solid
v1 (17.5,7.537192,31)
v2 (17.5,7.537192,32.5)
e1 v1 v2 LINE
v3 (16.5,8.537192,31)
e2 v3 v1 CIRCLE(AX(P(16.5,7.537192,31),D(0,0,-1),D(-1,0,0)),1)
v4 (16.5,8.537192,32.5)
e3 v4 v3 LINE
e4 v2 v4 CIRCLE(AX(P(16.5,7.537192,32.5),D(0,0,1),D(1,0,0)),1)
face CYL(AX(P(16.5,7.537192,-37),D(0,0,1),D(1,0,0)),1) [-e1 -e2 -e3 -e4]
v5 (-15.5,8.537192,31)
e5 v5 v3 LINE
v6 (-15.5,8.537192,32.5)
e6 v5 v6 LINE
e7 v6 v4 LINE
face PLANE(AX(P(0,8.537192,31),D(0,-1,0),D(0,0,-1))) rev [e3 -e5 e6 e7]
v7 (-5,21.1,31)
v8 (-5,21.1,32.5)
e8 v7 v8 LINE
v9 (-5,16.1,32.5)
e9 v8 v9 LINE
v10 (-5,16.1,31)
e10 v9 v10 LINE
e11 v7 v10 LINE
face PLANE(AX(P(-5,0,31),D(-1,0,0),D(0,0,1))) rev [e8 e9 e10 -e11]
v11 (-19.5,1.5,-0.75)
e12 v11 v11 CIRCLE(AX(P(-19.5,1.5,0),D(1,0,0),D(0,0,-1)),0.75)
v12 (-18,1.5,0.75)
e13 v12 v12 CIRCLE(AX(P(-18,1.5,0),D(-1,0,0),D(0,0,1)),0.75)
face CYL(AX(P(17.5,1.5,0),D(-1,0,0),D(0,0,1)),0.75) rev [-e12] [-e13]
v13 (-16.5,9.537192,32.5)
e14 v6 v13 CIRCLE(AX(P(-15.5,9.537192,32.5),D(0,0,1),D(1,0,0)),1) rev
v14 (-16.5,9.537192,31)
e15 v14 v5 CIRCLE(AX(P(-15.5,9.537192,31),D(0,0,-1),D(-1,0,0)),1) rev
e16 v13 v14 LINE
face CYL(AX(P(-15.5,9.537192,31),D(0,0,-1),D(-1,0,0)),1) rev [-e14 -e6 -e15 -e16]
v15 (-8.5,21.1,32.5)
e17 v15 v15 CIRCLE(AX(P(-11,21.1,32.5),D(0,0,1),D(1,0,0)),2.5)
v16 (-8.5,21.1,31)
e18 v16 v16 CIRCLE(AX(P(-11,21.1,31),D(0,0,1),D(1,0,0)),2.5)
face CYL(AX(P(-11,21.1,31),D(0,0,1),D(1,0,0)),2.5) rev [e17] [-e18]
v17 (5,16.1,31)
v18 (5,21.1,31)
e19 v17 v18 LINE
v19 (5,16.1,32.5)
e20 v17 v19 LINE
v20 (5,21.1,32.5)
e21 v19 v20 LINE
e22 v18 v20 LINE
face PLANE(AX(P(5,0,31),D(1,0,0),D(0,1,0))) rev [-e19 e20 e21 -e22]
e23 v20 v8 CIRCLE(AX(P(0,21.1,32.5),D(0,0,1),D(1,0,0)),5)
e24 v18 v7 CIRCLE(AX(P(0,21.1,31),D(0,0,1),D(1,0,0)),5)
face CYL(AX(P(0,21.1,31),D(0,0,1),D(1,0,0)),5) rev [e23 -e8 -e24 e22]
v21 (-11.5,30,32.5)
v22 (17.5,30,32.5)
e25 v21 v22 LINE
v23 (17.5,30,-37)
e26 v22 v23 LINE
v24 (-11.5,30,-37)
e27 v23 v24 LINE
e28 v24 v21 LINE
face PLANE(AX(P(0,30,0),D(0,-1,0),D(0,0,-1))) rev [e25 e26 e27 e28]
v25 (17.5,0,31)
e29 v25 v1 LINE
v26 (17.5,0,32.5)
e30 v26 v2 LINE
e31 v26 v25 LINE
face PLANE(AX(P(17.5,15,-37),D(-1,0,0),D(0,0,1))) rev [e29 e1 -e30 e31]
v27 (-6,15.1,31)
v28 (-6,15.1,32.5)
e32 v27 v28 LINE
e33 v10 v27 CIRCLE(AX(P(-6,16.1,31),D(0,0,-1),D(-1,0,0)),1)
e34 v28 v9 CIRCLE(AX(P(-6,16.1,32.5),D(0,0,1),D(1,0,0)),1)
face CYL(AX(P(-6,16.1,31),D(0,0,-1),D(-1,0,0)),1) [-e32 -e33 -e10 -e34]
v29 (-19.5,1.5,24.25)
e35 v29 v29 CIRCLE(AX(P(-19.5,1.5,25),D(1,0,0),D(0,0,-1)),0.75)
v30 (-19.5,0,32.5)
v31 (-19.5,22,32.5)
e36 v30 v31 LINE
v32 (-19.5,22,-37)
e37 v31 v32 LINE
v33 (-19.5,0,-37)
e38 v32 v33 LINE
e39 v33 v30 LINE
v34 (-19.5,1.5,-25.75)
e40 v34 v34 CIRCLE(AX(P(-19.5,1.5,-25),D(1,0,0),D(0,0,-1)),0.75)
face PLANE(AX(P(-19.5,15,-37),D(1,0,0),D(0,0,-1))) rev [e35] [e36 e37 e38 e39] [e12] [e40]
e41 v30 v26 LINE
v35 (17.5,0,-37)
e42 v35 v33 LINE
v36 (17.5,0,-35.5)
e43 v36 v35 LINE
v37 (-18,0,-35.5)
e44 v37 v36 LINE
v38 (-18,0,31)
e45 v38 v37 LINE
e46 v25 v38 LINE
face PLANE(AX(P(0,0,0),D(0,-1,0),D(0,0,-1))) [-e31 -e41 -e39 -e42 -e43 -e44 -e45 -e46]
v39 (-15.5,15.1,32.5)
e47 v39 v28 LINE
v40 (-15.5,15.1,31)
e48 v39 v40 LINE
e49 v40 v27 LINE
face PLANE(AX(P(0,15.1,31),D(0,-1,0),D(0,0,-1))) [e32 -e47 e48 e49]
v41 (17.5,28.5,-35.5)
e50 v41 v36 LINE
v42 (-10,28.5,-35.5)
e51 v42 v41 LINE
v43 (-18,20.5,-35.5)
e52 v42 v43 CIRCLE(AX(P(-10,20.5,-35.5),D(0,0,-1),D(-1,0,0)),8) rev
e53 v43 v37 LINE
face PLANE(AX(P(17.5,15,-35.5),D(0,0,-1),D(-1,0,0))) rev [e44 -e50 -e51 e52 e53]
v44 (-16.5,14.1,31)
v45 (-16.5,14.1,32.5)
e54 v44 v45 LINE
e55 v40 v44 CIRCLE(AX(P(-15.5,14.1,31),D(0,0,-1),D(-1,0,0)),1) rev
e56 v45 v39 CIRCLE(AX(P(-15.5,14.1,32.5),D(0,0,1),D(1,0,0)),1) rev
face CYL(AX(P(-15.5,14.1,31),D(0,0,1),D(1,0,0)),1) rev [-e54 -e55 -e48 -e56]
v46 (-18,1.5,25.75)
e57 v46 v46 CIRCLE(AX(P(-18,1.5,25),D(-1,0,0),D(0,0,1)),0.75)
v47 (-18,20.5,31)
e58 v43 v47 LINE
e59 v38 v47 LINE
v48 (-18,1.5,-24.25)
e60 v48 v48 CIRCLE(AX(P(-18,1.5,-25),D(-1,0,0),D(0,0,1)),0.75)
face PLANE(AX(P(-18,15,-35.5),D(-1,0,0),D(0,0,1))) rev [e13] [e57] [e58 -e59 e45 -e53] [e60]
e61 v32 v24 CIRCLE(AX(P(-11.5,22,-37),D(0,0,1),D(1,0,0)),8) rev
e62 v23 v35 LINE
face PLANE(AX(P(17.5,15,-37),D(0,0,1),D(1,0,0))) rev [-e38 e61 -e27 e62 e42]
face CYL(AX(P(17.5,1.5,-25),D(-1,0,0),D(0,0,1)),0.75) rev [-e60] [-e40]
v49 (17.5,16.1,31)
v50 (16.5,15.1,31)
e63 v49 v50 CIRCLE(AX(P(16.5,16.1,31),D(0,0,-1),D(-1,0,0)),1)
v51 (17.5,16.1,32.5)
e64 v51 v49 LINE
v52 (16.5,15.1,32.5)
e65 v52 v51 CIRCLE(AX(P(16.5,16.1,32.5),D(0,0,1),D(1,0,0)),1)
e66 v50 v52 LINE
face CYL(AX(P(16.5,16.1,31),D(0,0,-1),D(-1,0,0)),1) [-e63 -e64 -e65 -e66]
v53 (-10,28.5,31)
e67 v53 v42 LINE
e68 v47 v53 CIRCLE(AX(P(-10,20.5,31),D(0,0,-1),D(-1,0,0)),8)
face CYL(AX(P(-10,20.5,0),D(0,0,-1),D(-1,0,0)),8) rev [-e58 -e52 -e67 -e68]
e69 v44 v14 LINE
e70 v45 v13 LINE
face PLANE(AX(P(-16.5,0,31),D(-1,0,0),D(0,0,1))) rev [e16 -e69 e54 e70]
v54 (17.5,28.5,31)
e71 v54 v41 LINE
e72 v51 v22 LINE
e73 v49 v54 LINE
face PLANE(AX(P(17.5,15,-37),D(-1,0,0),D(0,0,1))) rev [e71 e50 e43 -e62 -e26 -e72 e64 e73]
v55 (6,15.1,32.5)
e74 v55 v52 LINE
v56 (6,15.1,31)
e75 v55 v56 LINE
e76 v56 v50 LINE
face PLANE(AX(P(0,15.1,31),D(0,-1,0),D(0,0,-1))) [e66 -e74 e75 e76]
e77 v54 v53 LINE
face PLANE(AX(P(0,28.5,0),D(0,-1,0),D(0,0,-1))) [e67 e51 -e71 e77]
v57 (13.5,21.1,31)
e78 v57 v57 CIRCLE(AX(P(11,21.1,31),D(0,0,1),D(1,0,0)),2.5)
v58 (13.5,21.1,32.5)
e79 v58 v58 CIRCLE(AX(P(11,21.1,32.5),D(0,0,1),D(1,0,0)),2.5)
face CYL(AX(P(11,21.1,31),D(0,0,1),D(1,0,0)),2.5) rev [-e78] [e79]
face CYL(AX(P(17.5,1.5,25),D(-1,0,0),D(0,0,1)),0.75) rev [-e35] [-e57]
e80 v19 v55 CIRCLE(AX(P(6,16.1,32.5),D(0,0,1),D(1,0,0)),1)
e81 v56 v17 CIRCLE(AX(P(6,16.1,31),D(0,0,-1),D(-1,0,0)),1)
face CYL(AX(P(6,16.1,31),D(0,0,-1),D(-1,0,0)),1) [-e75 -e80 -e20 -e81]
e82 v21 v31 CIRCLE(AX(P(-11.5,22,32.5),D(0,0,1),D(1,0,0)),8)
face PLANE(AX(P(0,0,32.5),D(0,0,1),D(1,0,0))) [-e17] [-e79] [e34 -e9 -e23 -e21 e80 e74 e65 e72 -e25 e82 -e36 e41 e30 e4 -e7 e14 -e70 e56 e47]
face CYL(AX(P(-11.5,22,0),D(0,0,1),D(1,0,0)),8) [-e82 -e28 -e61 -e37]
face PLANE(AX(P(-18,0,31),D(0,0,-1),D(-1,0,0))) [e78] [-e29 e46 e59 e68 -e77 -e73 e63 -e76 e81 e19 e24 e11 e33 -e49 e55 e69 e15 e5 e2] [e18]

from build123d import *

# Parameters (mm, degrees)
BOSS_EXTRUDE1_DEPTH     = 15
CUT_EXTRUDE1_DEPTH      = 45.432533126
CUT_EXTRUDE1_DEPTH_BACK = 45.432533126
SKETCH3_W               = 35.5
SKETCH3_H               = 1.5
BOSS_EXTRUDE2_DEPTH     = 15
BOSS_EXTRUDE3_DEPTH     = 13.5
SKETCH5_W               = 37
SKETCH5_H               = 69.5
BOSS_EXTRUDE4_DEPTH     = 1.5
FILLET1_R               = 8
SKETCH6_R               = 2.5
CUT_EXTRUDE2_DEPTH      = 1.5
FILLET2_R               = 1
CUT_EXTRUDE3_DEPTH      = 61.3158354
CUT_EXTRUDE3_DEPTH_BACK = 61.3158354
SKETCH7_R               = 0.75


with BuildPart() as part:
    # Sketch1 → Boss-Extrude1 (new body)
    with BuildSketch(Plane(origin=(0, 0, 0), x_dir=(1, 0, 0), z_dir=(0, 1, 0))):
        Polygon((17.5, 35.5), (-18, 35.5), (-18, -35.5), (17.5, -35.5), (17.5, -37), (-19.5, -37), (-19.5, 37), (17.5, 37), align=None)
    extrude(amount=BOSS_EXTRUDE1_DEPTH)

    # Sketch2 → Cut-Extrude1 (cut, two sides: drawn at the far end of the back side and taken through both)
    with BuildSketch(Plane(origin=(0, 15, 0), x_dir=(1, 0, 0), z_dir=(0, 1, 0)).offset(-CUT_EXTRUDE1_DEPTH_BACK)):
        Polygon((17.5, -35.5), (17.5, -37), (28.422753275, -37), (28.422753275, -32.5), (-18, -32.5), (-18, -35.5), align=None)
        Polygon((-19.5, -32.5), (-19.5, -37), (17.5, -37), (17.5, -35.5), (-18, -35.5), (-18, -32.5), align=None)
    extrude(amount=CUT_EXTRUDE1_DEPTH + CUT_EXTRUDE1_DEPTH_BACK, mode=Mode.SUBTRACT)

    # Sketch3 → Boss-Extrude2 (add)
    with BuildSketch(Plane(origin=(0, 15, 0), x_dir=(1, 0, 0), z_dir=(0, 1, 0))):
        with Locations((-0.25, -31.75)):
            Rectangle(SKETCH3_W, SKETCH3_H)
    extrude(amount=-BOSS_EXTRUDE2_DEPTH)

    # Sketch4 → Boss-Extrude3 (add)
    with BuildSketch(Plane(origin=(0, 15, 0), x_dir=(1, 0, 0), z_dir=(0, 1, 0))):
        Polygon((-19.5, -32.5), (17.5, -32.5), (17.5, -31), (-18, -31), (-18, 35.5), (17.5, 35.5), (17.5, 37), (-19.5, 37), align=None)
    extrude(amount=BOSS_EXTRUDE3_DEPTH)

    # Sketch5 → Boss-Extrude4 (add)
    with BuildSketch(Plane(origin=(0, 28.5, 0), x_dir=(1, 0, 0), z_dir=(0, 1, 0))):
        with Locations((-1, 2.25)):
            Rectangle(SKETCH5_W, SKETCH5_H)
    extrude(amount=BOSS_EXTRUDE4_DEPTH)

    # Fillet1
    fillet1_edges = [part.edges().sort_by_distance(p)[0] for p in [
        (-18, 28.5, -2.25),
        (-19.5, 30, -2.25),
    ]]
    fillet(fillet1_edges, radius=FILLET1_R)

    # Sketch6 → Cut-Extrude2 (cut)
    with BuildSketch(Plane.XY.offset(32.5)):
        with BuildLine():
            Line((-5, 15.1), (-16.5, 15.1))
            Line((-16.5, 15.1), (-16.5, 8.53719171))
            Line((-16.5, 8.53719171), (17.5, 8.53719171))
            Line((17.5, 8.53719171), (17.5, 15.1))
            Line((17.5, 15.1), (5, 15.1))
            Line((5, 15.1), (5, 21.1))
            ThreePointArc((5, 21.1), (0, 26.1), (-5, 21.1))
            Line((-5, 21.1), (-5, 15.1))
        make_face()
        with Locations((-11, 21.1)):
            Circle(SKETCH6_R)
        with Locations((11, 21.1)):
            Circle(SKETCH6_R)
    extrude(amount=-CUT_EXTRUDE2_DEPTH, mode=Mode.SUBTRACT)

    # Fillet2
    fillet2_edges = [part.edges().sort_by_distance(p)[0] for p in [
        (5, 15.1, 31.75),
        (17.5, 15.1, 31.75),
        (17.5, 8.53719171, 31.75),
        (-16.5, 8.53719171, 31.75),
        (-16.5, 15.1, 31.75),
        (-5, 15.1, 31.75),
    ]]
    fillet(fillet2_edges, radius=FILLET2_R)

    # Sketch7 → Cut-Extrude3 (cut, two sides: drawn at the far end of the back side and taken through both)
    with BuildSketch(Plane.ZY.offset(19.5).offset(-CUT_EXTRUDE3_DEPTH_BACK)):
        with Locations((25, 1.5)):
            Circle(SKETCH7_R)
        with Locations((0, 1.5)):
            Circle(SKETCH7_R)
        with Locations((-25, 1.5)):
            Circle(SKETCH7_R)
    extrude(amount=CUT_EXTRUDE3_DEPTH + CUT_EXTRUDE3_DEPTH_BACK, mode=Mode.SUBTRACT)


solid = part.part
